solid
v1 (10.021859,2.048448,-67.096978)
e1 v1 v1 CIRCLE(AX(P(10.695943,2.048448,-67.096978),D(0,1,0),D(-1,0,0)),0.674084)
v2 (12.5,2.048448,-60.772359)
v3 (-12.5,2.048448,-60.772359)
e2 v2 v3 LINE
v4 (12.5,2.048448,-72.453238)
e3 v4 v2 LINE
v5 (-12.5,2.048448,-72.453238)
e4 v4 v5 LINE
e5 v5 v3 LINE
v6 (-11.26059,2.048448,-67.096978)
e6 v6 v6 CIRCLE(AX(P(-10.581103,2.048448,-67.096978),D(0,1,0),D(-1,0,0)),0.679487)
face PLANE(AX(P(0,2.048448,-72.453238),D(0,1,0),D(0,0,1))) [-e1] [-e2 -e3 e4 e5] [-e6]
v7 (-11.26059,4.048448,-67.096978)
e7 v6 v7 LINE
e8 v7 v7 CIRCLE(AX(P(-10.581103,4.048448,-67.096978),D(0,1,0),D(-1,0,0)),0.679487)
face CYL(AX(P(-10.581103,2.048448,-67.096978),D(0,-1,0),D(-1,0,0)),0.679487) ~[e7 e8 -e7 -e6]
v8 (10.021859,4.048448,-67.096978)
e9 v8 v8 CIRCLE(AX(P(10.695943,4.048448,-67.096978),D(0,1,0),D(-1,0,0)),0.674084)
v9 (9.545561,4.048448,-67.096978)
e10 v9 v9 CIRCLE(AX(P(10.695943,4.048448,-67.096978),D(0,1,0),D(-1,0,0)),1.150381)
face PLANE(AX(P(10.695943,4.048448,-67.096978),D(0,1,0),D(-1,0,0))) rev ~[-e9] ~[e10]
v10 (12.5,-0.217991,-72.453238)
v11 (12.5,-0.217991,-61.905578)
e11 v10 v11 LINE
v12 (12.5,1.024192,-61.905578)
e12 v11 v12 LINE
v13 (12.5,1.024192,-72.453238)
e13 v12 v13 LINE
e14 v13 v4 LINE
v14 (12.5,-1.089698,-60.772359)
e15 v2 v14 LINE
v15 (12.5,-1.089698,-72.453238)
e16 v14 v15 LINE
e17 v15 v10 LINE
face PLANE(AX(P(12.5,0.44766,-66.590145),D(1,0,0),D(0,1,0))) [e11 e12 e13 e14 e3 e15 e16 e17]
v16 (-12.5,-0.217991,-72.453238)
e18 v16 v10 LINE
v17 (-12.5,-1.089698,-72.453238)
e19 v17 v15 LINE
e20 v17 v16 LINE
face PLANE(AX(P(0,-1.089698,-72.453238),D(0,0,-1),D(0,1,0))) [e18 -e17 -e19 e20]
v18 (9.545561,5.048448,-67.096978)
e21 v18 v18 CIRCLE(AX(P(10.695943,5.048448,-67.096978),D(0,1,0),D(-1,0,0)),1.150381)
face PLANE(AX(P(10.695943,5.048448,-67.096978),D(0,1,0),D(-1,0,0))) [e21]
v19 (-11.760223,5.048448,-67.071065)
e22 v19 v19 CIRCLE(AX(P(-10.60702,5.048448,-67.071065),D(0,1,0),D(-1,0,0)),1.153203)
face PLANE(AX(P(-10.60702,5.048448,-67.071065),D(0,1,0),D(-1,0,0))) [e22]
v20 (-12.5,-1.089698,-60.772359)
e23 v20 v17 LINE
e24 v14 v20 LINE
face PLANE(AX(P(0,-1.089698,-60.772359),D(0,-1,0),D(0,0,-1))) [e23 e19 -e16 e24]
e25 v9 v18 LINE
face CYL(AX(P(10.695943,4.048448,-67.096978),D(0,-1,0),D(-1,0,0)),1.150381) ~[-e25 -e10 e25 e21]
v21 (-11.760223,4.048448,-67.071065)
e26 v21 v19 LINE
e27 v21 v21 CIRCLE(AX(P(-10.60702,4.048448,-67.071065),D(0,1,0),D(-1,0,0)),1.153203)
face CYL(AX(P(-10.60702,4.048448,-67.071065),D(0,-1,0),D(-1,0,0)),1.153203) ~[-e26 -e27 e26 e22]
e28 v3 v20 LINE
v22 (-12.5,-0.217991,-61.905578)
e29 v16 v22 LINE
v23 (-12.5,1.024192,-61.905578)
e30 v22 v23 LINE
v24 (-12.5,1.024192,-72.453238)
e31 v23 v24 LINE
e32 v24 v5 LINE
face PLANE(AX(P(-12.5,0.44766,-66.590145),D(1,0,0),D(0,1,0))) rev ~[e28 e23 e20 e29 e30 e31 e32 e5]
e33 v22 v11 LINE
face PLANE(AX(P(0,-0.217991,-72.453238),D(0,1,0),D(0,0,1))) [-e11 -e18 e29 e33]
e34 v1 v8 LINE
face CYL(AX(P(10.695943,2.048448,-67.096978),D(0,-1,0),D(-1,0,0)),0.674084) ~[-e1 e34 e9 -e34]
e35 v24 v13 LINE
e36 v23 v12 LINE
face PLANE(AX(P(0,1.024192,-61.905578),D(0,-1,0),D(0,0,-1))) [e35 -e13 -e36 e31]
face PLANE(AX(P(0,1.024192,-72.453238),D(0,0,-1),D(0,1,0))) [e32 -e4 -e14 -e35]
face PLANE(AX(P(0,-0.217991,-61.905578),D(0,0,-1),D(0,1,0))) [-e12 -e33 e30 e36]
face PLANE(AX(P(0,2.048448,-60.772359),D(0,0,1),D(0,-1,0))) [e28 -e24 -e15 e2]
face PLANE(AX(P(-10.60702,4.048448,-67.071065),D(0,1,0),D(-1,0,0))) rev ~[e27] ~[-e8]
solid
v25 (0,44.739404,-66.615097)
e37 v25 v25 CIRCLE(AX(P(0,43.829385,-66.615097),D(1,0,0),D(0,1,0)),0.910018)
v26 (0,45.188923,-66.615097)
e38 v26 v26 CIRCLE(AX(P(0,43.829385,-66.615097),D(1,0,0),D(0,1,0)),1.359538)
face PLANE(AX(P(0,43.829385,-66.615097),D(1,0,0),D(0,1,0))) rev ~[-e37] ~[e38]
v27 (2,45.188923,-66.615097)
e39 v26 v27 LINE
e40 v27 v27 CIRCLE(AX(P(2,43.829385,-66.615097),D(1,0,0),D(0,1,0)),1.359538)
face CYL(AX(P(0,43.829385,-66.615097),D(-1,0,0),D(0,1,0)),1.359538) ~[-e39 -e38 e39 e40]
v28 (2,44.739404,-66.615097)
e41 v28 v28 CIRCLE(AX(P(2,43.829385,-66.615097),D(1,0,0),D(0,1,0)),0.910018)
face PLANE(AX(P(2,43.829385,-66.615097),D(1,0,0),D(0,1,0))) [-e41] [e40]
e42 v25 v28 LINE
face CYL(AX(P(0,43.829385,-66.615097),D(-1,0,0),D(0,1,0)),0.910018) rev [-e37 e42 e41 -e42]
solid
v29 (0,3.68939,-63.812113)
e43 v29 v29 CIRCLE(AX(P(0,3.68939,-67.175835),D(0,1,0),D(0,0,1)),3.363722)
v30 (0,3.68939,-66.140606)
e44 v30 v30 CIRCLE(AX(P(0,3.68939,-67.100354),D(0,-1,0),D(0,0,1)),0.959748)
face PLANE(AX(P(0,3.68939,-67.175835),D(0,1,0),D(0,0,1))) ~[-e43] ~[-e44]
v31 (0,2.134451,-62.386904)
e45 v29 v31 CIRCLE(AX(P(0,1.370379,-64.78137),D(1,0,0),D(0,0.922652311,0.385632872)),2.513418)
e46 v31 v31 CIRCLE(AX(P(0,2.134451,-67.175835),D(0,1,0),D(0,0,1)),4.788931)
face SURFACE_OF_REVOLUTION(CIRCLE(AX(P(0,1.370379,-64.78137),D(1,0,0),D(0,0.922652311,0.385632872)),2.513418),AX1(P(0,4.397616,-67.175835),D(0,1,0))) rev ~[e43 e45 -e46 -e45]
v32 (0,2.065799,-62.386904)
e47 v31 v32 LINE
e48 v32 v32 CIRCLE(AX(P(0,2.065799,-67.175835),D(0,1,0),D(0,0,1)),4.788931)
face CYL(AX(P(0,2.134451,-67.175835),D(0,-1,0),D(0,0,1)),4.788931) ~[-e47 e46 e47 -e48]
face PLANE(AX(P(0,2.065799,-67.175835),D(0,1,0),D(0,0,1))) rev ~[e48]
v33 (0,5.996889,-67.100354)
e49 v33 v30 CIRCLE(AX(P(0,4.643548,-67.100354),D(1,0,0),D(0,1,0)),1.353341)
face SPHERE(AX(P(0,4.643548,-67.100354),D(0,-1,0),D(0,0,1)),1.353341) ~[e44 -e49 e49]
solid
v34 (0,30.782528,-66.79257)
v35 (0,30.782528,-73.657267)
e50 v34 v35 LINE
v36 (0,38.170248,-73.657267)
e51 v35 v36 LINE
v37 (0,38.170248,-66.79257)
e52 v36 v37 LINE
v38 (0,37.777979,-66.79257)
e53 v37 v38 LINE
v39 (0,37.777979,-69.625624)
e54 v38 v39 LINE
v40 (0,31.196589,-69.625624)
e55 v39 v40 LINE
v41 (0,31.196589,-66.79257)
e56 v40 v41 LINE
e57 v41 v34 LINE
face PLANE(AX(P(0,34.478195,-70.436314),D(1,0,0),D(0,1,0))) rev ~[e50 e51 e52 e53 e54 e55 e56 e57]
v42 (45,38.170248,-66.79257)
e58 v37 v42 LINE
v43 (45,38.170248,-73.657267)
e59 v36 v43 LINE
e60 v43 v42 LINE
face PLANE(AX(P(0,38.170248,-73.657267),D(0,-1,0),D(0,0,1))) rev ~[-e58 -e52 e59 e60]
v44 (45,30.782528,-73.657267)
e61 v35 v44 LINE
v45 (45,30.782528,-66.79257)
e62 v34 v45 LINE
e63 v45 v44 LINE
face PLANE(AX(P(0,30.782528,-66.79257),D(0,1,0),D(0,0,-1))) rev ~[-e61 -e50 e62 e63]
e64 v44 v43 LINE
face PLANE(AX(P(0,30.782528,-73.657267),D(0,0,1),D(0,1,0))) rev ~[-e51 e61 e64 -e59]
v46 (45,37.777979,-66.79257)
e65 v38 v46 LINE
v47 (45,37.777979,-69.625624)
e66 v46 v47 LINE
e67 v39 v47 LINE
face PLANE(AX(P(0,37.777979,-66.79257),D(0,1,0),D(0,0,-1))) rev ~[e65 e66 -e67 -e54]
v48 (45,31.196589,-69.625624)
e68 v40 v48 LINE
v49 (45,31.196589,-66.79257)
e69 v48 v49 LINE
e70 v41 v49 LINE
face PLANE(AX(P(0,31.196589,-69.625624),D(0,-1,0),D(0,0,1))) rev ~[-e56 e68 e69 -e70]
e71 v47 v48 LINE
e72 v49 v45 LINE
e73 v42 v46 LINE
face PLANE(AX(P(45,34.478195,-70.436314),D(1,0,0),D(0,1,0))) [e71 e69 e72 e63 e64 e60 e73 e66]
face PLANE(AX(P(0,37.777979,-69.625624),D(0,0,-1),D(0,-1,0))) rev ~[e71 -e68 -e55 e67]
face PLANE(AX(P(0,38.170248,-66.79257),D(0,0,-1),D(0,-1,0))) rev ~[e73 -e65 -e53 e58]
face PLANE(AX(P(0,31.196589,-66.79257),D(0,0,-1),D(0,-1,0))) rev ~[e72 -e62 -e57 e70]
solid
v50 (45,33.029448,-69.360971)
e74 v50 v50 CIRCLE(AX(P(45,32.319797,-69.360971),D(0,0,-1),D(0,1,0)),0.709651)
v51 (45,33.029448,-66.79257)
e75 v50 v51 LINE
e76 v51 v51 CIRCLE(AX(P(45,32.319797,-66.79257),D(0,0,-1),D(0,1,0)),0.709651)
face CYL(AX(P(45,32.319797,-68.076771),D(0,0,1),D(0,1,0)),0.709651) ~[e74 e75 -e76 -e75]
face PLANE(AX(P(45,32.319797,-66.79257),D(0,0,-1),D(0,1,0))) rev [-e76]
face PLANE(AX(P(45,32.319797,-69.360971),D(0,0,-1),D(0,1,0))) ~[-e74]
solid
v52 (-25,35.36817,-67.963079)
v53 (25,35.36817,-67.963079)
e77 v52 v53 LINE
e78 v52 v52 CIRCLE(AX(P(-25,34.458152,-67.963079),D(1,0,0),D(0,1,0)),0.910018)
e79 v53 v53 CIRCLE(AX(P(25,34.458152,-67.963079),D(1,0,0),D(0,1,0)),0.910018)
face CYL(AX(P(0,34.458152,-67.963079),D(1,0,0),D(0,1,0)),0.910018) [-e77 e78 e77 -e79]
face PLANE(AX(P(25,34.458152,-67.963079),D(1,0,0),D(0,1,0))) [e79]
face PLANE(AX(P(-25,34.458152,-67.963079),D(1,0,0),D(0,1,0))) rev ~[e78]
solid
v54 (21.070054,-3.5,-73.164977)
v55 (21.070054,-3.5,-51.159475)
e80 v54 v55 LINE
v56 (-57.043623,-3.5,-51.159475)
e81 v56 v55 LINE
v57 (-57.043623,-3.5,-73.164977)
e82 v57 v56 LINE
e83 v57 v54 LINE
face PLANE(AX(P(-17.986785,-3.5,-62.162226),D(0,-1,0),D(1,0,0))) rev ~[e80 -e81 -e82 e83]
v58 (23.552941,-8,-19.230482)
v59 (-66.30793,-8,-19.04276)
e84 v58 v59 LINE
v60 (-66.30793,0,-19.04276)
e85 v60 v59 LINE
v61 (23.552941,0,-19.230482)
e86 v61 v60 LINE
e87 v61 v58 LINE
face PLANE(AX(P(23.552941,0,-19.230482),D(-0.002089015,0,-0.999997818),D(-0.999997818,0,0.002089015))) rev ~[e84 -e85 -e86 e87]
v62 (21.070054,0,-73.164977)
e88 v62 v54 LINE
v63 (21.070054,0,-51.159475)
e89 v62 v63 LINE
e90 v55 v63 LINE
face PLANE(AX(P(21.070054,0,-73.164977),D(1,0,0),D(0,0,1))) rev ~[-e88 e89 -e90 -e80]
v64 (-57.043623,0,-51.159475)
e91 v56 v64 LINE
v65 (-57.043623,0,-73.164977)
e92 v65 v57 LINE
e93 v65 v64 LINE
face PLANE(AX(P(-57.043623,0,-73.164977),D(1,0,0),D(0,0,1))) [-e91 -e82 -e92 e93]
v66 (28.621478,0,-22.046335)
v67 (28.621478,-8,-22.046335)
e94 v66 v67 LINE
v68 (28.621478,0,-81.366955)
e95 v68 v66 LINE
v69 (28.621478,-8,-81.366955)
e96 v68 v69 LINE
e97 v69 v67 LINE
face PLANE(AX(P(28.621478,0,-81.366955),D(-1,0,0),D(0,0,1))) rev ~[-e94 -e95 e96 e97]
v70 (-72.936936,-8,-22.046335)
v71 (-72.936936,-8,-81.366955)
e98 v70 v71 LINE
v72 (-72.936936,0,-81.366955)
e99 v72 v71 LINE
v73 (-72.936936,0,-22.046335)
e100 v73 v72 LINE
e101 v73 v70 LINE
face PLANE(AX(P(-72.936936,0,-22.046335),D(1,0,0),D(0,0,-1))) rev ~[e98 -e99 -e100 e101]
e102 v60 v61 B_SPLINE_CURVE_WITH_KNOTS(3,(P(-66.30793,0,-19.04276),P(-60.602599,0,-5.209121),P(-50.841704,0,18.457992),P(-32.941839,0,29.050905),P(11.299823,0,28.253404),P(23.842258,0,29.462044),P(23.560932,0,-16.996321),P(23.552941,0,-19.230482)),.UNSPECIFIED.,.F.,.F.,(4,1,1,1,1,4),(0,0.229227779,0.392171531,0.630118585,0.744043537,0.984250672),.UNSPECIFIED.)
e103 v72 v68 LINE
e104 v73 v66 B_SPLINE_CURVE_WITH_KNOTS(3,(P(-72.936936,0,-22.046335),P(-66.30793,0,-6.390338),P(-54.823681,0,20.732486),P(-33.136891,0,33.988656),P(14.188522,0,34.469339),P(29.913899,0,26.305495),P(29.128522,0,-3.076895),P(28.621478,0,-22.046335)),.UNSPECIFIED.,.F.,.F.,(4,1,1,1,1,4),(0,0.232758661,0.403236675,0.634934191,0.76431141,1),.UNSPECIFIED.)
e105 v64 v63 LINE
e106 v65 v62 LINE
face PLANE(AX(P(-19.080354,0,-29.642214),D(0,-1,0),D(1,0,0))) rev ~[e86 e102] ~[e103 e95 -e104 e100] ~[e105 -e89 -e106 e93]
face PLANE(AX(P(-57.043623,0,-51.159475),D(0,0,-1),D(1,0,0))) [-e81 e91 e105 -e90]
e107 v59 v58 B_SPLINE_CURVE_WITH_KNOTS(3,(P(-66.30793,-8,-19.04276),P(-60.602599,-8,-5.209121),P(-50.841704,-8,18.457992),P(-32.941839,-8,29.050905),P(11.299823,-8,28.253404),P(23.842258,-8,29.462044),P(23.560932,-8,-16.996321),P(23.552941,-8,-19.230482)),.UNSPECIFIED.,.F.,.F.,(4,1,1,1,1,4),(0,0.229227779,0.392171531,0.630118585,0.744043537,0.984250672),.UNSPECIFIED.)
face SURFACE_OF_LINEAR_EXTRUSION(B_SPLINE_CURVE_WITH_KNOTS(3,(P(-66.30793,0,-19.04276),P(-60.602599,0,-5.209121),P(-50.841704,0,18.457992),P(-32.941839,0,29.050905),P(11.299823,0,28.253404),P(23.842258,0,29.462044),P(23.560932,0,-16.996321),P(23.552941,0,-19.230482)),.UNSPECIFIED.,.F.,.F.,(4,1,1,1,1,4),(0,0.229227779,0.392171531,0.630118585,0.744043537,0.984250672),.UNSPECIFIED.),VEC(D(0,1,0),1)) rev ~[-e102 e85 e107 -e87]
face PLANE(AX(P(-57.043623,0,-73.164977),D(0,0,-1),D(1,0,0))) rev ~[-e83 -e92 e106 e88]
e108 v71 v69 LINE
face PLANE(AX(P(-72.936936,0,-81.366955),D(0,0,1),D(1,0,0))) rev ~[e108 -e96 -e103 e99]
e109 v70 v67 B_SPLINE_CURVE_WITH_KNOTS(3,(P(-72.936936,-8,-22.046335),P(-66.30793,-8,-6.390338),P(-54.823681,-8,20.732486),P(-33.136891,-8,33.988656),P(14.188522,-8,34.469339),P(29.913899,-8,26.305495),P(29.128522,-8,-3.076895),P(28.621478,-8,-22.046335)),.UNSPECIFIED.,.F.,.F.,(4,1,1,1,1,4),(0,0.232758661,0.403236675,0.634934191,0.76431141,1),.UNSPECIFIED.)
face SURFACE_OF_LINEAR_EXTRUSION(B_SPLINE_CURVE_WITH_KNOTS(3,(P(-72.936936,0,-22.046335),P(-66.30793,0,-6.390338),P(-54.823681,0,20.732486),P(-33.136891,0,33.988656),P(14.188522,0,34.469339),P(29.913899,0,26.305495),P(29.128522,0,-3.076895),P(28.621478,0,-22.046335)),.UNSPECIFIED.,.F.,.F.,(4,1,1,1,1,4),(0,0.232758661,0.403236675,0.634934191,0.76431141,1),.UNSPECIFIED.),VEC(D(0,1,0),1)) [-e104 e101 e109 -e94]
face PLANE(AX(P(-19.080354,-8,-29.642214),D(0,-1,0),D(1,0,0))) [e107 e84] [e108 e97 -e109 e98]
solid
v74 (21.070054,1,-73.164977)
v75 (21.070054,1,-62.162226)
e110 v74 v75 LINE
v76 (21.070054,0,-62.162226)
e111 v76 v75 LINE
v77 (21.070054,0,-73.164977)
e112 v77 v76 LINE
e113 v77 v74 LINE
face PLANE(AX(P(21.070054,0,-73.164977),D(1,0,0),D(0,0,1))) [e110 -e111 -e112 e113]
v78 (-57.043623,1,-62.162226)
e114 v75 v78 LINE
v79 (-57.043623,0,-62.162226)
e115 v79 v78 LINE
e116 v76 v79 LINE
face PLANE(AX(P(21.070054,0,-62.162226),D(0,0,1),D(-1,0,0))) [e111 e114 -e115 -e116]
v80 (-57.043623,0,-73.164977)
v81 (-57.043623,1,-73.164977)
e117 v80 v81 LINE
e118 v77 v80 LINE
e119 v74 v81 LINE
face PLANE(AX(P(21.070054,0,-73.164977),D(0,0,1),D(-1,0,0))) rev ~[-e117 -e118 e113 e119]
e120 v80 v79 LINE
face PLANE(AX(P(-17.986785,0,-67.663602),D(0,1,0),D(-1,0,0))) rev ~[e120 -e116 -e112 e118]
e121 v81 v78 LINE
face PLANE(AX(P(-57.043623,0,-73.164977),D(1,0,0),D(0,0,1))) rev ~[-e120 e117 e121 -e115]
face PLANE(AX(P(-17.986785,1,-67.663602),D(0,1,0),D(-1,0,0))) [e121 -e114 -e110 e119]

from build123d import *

# Parameters (mm, degrees)
F0_W      = 78.1136769801
F0_H      = 22.0055021346
F1_DEPTH  = 8
F2_DEPTH  = 3.5
F3_W      = 78.1136769801
F3_H      = 11.0027510673
F4_DEPTH  = 1
F6_DEPTH  = 12.5
F7_R      = 0.6740837688
F7_R_2    = 0.6794872763
F8_DEPTH  = 2
F9_R      = 1.1503813394
F9_R_2    = 1.1532026448
F10_DEPTH = 1
F15_R     = 0.9100184441
F16_DEPTH = 25
F18_DEPTH = 45
F19_W     = 0.7096510381
F19_H     = 2.5684013963
F15_R_2   = 1.3595382542
F21_DEPTH = 2


with BuildPart() as f1:
    # F0 (on Front) → F1 (new body)
    with BuildSketch(Plane.XZ):
        with BuildLine():
            Line((-72.9369357123, -81.3669546917), (28.6214776443, -81.3669546917))
            Line((28.6214776443, -81.3669546917), (28.6214776443, -22.0463353619))
            add(Edge.make_bspline(
                [(-72.9369357123, -22.0463353619), (-66.3079296953, -6.3903379982), (-54.8236810491, 20.7324864598), (-33.1368908634, 33.9886563081), (14.1885215953, 34.4693387216), (29.9138992328, 26.3054952003), (29.1285218253, -3.0768949366), (28.6214776443, -22.0463353619)],
                knots=[0, 0, 0, 0, 0.2327586614, 0.4032366747, 0.6349341911, 0.7643114096, 1, 1, 1, 1], degree=3))
            Line((-72.9369357123, -22.0463353619), (-72.9369357123, -81.3669546917))
        make_face()
        with Locations((-17.9867846891, -62.162226066)):
            Rectangle(F0_W, F0_H, mode=Mode.SUBTRACT)
        with BuildLine():
            Line((23.5529407965, -19.2304815576), (-66.3079296953, -19.0427604541))
            add(Edge.make_bspline(
                [(-66.3079296953, -19.0427604541), (-60.6025988038, -5.2091205775), (-50.8417035049, 18.4579923395), (-32.9418385651, 29.0509048337), (11.2998233245, 28.2534036027), (23.8422582571, 29.4620440208), (23.5609324216, -16.9963213799), (23.5529407965, -19.2304815576)],
                knots=[0, 0, 0, 0, 0.2292277789, 0.3921715308, 0.6301185848, 0.7440435368, 0.9842506716, 0.9842506716, 0.9842506716, 0.9842506716], degree=3))
        make_face(mode=Mode.SUBTRACT)
        with Locations((-17.9867846891, -62.162226066)):
            Rectangle(F0_W, F0_H)
    extrude(amount=F1_DEPTH)

    # F0 (on Front) → F2 (cut, symmetric)
    with BuildSketch(Plane.XZ):
        with Locations((-17.9867846891, -62.162226066)):
            Rectangle(F0_W, F0_H)
    extrude(amount=F2_DEPTH, both=True, mode=Mode.SUBTRACT)


with BuildPart() as f4:
    # F3 (on face) → F4 (new body)
    with BuildSketch(Plane(origin=(0, 0, 0), x_dir=(-1, 0, 0), z_dir=(0, 1, 0))):
        with Locations((17.9867846891, -67.6636015996)):
            Rectangle(F3_W, F3_H)
    extrude(amount=F4_DEPTH)


with BuildPart() as f6:
    # F5 (on Right) → F6 (new body, symmetric)
    with BuildSketch(Plane.YZ):
        Polygon((-1.0896978201, -60.7723593712), (-1.0896978201, -72.45323807), (-0.2179905568, -72.45323807), (-0.2179905568, -61.9055777788), (1.0241923155, -61.9055777788), (1.0241923155, -72.45323807), (2.0484484266, -72.45323807), (2.0484484266, -60.7723593712), align=None)
    extrude(amount=F6_DEPTH, both=True)

    # F7 (on face) → F8 (join)
    with BuildSketch(Plane(origin=(0, 2.0484484266, 0), x_dir=(-1, 0, 0), z_dir=(0, 1, 0))):
        with Locations((-10.6959426776, -67.096978426)):
            Circle(F7_R)
        with Locations((10.5811031535, -67.096978426)):
            Circle(F7_R_2)
    extrude(amount=F8_DEPTH)

    # F9 (on face) → F10 (join)
    with BuildSketch(Plane(origin=(0, 4.0484484266, 0), x_dir=(-1, 0, 0), z_dir=(0, 1, 0))):
        with Locations((-10.6959426776, -67.096978426)):
            Circle(F9_R)
        with Locations((10.6070199981, -67.0710653067)):
            Circle(F9_R_2)
    extrude(amount=F10_DEPTH)


with BuildPart() as f12:
    # F11 (on Right) → F12 (revolve)
    with BuildSketch(Plane.YZ):
        with BuildLine():
            Line((2.1344509079, -62.3869039118), (2.0657987334, -62.3869039118))
            Line((2.0657987334, -62.3869039118), (2.0657987334, -67.175835371))
            Line((2.0657987334, -67.175835371), (3.6893903743, -67.175835371))
            Line((3.6893903743, -67.175835371), (3.6893903743, -63.812112902))
            ThreePointArc((3.6893903743, -63.812112902), (3.0686592581, -62.9285025663), (2.1344509079, -62.3869039118))
        make_face()
    revolve(axis=Axis((0, 4.3976157904, -67.175835371), (0, 1, 0)))

    # F13 (on Right) → F14 (revolve)
    with BuildSketch(Plane.YZ):
        with BuildLine():
            Line((3.290206524, -67.100353539), (5.9968891046, -67.100353539))
            ThreePointArc((5.9968891046, -67.100353539), (4.6435478143, -65.7470122487), (3.290206524, -67.100353539))
        make_face()
    revolve(axis=Axis((0, 4.8515796661, -67.100353539), (0, 1, 0)))


with BuildPart() as f16:
    # F15 (on Right) → F16 (new body, symmetric)
    with BuildSketch(Plane.YZ):
        with Locations((34.4581520185, -67.963078618)):
            Circle(F15_R)
    extrude(amount=F16_DEPTH, both=True)


with BuildPart() as f18:
    # F17 (on Right) → F18 (new body)
    with BuildSketch(Plane.YZ):
        Polygon((31.1965886503, -66.7925700545), (30.7825282216, -66.7925700545), (30.7825282216, -73.6572667956), (38.17024827, -73.6572667956), (38.17024827, -66.7925700545), (37.7779789269, -66.7925700545), (37.7779789269, -69.6256235242), (31.1965886503, -69.6256235242), align=None)
    extrude(amount=F18_DEPTH)


with BuildPart() as f20:
    # F19 (on face) → F20 (revolve)
    with BuildSketch(Plane.YZ.offset(45)):
        with Locations((32.674622722, -68.0767707527)):
            Rectangle(F19_W, F19_H)
    revolve(axis=Axis((45, 32.3197972029, -68.3149024844), (0, 0, -1)))


with BuildPart() as f21:
    # F15 (on Right) → F21 (new body)
    with BuildSketch(Plane.YZ):
        with Locations((43.8293851912, -66.6150972247)):
            Circle(F15_R_2)
        with Locations((43.8293851912, -66.6150972247)):
            Circle(F15_R, mode=Mode.SUBTRACT)
    extrude(amount=F21_DEPTH)


solid = Compound([f1.part, f4.part, f6.part, f12.part, f16.part, f18.part, f20.part, f21.part])
